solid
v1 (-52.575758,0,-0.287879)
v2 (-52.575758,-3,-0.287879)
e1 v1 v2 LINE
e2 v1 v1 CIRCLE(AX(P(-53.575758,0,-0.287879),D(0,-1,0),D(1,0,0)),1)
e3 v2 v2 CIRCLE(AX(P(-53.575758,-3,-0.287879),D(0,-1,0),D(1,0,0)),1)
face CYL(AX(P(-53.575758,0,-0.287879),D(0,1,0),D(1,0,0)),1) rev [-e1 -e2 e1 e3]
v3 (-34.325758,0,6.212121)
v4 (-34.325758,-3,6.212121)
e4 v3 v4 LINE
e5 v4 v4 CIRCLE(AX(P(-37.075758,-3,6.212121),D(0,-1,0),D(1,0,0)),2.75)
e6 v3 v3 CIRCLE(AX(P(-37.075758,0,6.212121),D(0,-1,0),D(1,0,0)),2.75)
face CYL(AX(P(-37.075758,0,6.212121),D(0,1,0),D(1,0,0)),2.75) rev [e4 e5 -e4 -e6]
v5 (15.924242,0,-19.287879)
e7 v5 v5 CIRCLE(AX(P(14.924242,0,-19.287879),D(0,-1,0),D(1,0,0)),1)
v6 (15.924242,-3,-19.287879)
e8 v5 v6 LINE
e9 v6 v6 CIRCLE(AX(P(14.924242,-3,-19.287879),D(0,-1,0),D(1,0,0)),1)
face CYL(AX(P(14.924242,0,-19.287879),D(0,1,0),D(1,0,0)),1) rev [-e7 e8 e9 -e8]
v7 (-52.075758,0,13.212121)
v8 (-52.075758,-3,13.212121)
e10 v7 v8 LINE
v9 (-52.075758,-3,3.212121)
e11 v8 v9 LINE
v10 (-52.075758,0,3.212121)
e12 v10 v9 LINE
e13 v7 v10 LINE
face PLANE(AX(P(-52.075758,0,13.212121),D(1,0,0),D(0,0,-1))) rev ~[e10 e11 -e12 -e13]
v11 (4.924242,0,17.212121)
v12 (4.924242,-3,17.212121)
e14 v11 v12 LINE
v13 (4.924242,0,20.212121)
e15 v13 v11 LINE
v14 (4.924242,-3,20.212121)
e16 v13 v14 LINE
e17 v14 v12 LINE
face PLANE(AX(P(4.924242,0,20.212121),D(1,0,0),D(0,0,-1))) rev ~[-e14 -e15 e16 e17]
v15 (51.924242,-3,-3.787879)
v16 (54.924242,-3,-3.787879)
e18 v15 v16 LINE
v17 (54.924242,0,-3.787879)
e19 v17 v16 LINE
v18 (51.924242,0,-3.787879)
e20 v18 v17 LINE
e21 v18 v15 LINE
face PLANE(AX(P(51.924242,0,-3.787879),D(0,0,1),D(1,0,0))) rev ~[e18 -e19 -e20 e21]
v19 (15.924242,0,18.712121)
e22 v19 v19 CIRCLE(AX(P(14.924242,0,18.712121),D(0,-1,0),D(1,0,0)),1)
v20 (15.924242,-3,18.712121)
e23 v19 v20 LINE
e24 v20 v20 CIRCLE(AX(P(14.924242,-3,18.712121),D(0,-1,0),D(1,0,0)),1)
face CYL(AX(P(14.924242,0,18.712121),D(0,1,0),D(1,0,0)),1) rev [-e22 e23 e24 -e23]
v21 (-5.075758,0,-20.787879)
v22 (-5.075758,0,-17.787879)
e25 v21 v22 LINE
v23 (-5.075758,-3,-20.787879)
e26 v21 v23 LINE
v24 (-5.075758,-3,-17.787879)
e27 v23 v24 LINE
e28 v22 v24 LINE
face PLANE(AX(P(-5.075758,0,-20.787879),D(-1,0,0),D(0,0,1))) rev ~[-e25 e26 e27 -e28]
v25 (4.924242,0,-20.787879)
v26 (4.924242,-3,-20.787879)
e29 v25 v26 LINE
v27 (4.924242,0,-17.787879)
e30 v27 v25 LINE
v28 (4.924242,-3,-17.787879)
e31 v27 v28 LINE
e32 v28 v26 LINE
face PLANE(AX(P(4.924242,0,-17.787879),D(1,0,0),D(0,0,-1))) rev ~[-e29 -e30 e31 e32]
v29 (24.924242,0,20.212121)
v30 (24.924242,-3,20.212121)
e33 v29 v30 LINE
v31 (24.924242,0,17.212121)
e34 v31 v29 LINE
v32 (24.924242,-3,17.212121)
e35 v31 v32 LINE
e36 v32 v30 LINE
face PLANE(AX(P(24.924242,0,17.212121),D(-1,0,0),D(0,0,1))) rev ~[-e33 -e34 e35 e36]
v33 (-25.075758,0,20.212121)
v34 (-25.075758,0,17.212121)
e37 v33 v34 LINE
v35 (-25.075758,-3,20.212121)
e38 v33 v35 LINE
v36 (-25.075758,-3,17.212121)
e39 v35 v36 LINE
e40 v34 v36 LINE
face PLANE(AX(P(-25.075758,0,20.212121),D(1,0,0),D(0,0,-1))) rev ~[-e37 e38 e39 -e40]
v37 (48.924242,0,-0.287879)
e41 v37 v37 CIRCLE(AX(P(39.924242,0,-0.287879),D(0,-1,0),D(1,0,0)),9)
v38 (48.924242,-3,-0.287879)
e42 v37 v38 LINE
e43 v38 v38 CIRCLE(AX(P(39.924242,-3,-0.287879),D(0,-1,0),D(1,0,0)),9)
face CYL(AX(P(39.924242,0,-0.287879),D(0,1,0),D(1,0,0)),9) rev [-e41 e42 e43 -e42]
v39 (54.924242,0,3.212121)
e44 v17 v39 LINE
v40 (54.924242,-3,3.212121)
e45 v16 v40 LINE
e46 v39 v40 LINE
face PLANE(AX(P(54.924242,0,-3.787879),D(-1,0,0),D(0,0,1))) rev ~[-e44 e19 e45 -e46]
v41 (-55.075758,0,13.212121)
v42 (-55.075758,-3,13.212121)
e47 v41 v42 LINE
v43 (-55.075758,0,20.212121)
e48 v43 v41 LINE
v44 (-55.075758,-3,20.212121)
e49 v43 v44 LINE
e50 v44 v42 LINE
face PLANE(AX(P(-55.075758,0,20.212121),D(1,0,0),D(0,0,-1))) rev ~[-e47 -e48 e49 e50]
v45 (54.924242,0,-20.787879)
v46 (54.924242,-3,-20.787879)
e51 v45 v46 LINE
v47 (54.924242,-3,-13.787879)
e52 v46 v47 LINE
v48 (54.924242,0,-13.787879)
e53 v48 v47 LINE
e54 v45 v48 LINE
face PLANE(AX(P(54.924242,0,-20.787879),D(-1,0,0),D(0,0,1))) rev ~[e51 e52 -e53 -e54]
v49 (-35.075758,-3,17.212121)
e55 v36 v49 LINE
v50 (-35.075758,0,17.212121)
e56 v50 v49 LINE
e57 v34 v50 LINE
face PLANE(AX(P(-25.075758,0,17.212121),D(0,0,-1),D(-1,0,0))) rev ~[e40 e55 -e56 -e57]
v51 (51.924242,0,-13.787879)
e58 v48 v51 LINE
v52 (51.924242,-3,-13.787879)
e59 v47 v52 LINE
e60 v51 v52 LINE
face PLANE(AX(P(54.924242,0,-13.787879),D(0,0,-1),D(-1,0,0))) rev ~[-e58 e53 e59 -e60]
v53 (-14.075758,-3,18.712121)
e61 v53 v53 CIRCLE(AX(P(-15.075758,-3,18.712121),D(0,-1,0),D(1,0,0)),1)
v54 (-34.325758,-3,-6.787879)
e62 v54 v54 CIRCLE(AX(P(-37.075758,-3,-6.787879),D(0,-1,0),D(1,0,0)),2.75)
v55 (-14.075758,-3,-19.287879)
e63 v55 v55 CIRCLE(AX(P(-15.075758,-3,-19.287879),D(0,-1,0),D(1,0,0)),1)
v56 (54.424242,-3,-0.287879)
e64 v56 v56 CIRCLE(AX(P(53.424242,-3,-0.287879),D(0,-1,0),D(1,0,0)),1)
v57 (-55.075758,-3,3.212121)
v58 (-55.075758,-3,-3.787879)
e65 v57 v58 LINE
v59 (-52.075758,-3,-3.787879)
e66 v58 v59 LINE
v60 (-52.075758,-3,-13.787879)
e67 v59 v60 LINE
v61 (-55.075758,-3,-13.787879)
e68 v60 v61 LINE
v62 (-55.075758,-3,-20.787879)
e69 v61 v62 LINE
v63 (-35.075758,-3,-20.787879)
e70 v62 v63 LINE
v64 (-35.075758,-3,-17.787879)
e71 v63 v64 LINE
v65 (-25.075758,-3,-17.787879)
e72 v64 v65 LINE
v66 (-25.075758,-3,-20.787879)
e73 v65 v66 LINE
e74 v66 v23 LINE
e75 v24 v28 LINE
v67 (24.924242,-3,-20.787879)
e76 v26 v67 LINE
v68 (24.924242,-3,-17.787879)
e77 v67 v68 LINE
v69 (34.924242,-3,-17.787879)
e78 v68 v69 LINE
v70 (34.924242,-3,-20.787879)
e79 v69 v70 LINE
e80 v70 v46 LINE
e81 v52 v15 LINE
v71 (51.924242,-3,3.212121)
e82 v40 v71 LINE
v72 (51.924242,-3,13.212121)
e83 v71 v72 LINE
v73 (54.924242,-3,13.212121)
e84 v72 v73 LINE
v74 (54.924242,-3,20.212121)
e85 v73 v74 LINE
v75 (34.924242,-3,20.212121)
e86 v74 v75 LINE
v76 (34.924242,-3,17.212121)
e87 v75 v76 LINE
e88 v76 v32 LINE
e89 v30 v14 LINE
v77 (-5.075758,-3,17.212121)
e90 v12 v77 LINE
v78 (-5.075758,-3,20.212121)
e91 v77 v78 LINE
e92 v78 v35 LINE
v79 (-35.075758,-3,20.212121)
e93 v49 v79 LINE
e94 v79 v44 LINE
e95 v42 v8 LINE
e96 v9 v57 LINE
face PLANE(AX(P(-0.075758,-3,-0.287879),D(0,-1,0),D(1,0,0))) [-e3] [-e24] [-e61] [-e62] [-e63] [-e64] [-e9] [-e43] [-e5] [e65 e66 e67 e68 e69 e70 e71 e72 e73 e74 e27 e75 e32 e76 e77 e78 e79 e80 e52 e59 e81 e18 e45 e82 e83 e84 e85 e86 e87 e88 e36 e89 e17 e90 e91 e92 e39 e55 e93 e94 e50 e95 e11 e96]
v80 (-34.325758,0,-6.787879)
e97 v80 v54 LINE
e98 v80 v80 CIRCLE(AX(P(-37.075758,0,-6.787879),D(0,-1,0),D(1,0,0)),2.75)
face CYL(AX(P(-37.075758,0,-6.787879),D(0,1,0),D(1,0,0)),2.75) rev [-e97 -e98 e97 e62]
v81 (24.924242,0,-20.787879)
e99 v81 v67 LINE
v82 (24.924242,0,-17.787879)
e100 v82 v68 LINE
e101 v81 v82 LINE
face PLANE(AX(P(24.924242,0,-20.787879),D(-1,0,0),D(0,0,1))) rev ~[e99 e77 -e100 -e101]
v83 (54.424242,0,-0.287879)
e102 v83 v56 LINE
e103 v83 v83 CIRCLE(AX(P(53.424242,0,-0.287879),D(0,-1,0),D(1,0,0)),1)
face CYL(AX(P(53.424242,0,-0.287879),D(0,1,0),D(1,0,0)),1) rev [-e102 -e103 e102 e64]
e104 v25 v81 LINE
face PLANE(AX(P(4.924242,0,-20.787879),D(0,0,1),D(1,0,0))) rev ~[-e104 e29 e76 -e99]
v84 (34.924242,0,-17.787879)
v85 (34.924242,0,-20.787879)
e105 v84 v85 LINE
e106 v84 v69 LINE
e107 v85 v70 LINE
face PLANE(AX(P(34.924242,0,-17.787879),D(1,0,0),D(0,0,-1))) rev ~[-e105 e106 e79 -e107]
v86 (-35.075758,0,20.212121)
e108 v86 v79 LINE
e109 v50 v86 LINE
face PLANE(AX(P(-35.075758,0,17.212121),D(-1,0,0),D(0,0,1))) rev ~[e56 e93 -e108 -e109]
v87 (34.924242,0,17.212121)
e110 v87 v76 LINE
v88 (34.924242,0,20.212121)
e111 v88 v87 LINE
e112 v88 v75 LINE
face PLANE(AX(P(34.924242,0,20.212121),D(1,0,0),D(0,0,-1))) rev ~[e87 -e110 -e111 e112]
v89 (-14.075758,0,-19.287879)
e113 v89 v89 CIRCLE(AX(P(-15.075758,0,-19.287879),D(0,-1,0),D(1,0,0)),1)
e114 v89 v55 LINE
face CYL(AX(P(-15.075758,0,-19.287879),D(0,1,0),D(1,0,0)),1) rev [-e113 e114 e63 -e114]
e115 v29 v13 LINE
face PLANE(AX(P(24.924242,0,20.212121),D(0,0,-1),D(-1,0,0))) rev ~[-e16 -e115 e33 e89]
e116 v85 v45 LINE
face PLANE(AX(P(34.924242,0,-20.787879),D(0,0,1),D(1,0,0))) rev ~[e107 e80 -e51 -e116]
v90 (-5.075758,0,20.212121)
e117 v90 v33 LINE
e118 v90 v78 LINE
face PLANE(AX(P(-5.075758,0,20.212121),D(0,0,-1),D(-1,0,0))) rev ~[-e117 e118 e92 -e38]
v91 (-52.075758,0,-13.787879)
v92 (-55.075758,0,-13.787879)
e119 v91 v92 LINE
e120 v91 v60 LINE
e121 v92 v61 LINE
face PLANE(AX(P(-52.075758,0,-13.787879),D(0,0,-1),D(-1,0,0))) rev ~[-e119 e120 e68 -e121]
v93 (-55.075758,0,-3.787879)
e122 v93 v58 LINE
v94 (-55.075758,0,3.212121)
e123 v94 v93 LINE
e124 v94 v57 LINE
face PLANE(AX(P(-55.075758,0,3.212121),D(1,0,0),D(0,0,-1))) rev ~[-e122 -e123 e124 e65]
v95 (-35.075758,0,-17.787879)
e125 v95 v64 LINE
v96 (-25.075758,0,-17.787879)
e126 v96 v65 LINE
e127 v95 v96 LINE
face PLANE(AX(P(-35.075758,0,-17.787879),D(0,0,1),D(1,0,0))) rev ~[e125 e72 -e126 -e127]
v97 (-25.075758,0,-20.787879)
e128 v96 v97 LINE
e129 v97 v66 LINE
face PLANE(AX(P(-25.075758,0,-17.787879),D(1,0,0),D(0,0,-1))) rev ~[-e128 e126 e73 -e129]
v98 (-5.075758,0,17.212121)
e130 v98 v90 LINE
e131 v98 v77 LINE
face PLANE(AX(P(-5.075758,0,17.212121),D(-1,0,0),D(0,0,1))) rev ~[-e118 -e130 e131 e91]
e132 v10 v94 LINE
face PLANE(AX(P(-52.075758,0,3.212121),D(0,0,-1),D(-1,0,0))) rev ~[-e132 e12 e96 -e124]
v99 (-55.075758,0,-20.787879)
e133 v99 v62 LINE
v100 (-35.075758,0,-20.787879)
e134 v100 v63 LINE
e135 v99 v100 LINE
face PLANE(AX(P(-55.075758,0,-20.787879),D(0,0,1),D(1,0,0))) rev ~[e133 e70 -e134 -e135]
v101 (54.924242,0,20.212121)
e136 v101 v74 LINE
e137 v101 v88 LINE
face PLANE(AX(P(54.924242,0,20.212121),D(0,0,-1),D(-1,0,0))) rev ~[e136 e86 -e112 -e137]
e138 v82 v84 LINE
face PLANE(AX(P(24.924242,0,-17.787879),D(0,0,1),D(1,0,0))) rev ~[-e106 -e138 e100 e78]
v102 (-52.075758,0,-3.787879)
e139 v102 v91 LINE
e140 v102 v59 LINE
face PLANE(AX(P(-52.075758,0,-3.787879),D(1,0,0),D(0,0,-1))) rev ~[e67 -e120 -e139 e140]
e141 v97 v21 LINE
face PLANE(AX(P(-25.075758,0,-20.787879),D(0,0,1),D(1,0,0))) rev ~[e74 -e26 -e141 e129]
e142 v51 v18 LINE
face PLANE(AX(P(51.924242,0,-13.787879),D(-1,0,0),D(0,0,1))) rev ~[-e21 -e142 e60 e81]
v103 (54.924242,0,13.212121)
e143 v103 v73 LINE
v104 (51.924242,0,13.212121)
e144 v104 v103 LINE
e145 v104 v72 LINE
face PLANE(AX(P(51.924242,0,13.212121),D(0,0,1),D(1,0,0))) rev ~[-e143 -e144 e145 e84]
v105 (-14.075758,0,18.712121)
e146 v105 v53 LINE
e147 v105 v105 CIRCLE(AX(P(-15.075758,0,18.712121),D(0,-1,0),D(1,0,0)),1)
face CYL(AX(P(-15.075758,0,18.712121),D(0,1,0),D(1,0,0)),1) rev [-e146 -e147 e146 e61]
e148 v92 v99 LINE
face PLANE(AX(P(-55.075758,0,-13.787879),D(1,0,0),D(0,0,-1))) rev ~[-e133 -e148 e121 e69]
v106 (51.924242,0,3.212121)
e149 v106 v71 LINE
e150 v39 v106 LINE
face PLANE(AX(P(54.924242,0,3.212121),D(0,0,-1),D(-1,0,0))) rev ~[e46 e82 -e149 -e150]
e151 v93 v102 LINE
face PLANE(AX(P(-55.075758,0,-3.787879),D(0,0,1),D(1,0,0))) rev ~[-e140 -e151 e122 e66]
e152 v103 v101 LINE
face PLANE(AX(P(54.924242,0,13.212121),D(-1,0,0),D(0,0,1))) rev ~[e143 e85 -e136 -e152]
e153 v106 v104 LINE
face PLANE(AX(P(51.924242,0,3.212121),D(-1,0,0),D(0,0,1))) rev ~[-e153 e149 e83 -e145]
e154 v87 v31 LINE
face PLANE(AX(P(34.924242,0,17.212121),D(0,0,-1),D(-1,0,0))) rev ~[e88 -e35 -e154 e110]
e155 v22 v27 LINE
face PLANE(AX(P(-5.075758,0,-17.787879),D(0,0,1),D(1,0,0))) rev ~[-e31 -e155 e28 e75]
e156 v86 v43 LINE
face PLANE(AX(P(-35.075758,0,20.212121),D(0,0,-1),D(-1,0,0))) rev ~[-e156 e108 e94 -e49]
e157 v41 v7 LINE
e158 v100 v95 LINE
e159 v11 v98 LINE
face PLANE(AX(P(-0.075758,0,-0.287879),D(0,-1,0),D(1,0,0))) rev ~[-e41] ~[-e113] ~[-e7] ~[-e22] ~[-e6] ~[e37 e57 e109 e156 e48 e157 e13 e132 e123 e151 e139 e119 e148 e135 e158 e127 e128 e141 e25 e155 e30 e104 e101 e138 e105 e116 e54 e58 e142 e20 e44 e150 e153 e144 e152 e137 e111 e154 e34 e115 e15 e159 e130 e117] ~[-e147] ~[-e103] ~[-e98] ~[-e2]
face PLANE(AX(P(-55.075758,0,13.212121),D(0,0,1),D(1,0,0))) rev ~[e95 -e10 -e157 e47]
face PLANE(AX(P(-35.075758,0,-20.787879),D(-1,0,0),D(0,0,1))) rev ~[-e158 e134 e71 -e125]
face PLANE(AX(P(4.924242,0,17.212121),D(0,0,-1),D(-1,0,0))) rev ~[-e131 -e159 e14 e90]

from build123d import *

# Parameters (mm, degrees)
F0_R     = 1
F0_R_2   = 2.75
F0_R_3   = 9
F1_DEPTH = 3


with BuildPart() as f1:
    # F0 (on Front) → F1 (new body)
    with BuildSketch(Plane.XZ):
        Polygon((34.924242, -20.787879), (54.924242, -20.787879), (54.924242, -13.787879), (51.924242, -13.787879), (51.924242, -3.787879), (54.924242, -3.787879), (54.924242, 3.212121), (51.924242, 3.212121), (51.924242, 13.212121), (54.924242, 13.212121), (54.924242, 20.212121), (34.924242, 20.212121), (34.924242, 17.212121), (24.924242, 17.212121), (24.924242, 20.212121), (4.924242, 20.212121), (4.924242, 17.212121), (-0.075758, 17.212121), (-5.075758, 17.212121), (-5.075758, 20.212121), (-25.075758, 20.212121), (-25.075758, 17.212121), (-35.075758, 17.212121), (-35.075758, 20.212121), (-55.075758, 20.212121), (-55.075758, 13.212121), (-52.075758, 13.212121), (-52.075758, 3.212121), (-55.075758, 3.212121), (-55.075758, -3.787879), (-52.075758, -3.787879), (-52.075758, -13.787879), (-55.075758, -13.787879), (-55.075758, -20.787879), (-35.075758, -20.787879), (-35.075758, -17.787879), (-25.075758, -17.787879), (-25.075758, -20.787879), (-5.075758, -20.787879), (-5.075758, -17.787879), (-0.075758, -17.787879), (4.924242, -17.787879), (4.924242, -20.787879), (24.924242, -20.787879), (24.924242, -17.787879), (34.924242, -17.787879), align=None)
        with Locations((-15.075758, -19.287879)):
            Circle(F0_R, mode=Mode.SUBTRACT)
        with Locations((-37.075758, -6.787879)):
            Circle(F0_R_2, mode=Mode.SUBTRACT)
        with Locations((-53.575758, -0.287879)):
            Circle(F0_R, mode=Mode.SUBTRACT)
        with Locations((14.924242, -19.287879)):
            Circle(F0_R, mode=Mode.SUBTRACT)
        with Locations((-37.075758, 6.212121)):
            Circle(F0_R_2, mode=Mode.SUBTRACT)
        with Locations((-15.075758, 18.712121)):
            Circle(F0_R, mode=Mode.SUBTRACT)
        with Locations((39.924242, -0.287879)):
            Circle(F0_R_3, mode=Mode.SUBTRACT)
        with Locations((53.424242, -0.287879)):
            Circle(F0_R, mode=Mode.SUBTRACT)
        with Locations((14.924242, 18.712121)):
            Circle(F0_R, mode=Mode.SUBTRACT)
    extrude(amount=F1_DEPTH)


solid = f1.part
